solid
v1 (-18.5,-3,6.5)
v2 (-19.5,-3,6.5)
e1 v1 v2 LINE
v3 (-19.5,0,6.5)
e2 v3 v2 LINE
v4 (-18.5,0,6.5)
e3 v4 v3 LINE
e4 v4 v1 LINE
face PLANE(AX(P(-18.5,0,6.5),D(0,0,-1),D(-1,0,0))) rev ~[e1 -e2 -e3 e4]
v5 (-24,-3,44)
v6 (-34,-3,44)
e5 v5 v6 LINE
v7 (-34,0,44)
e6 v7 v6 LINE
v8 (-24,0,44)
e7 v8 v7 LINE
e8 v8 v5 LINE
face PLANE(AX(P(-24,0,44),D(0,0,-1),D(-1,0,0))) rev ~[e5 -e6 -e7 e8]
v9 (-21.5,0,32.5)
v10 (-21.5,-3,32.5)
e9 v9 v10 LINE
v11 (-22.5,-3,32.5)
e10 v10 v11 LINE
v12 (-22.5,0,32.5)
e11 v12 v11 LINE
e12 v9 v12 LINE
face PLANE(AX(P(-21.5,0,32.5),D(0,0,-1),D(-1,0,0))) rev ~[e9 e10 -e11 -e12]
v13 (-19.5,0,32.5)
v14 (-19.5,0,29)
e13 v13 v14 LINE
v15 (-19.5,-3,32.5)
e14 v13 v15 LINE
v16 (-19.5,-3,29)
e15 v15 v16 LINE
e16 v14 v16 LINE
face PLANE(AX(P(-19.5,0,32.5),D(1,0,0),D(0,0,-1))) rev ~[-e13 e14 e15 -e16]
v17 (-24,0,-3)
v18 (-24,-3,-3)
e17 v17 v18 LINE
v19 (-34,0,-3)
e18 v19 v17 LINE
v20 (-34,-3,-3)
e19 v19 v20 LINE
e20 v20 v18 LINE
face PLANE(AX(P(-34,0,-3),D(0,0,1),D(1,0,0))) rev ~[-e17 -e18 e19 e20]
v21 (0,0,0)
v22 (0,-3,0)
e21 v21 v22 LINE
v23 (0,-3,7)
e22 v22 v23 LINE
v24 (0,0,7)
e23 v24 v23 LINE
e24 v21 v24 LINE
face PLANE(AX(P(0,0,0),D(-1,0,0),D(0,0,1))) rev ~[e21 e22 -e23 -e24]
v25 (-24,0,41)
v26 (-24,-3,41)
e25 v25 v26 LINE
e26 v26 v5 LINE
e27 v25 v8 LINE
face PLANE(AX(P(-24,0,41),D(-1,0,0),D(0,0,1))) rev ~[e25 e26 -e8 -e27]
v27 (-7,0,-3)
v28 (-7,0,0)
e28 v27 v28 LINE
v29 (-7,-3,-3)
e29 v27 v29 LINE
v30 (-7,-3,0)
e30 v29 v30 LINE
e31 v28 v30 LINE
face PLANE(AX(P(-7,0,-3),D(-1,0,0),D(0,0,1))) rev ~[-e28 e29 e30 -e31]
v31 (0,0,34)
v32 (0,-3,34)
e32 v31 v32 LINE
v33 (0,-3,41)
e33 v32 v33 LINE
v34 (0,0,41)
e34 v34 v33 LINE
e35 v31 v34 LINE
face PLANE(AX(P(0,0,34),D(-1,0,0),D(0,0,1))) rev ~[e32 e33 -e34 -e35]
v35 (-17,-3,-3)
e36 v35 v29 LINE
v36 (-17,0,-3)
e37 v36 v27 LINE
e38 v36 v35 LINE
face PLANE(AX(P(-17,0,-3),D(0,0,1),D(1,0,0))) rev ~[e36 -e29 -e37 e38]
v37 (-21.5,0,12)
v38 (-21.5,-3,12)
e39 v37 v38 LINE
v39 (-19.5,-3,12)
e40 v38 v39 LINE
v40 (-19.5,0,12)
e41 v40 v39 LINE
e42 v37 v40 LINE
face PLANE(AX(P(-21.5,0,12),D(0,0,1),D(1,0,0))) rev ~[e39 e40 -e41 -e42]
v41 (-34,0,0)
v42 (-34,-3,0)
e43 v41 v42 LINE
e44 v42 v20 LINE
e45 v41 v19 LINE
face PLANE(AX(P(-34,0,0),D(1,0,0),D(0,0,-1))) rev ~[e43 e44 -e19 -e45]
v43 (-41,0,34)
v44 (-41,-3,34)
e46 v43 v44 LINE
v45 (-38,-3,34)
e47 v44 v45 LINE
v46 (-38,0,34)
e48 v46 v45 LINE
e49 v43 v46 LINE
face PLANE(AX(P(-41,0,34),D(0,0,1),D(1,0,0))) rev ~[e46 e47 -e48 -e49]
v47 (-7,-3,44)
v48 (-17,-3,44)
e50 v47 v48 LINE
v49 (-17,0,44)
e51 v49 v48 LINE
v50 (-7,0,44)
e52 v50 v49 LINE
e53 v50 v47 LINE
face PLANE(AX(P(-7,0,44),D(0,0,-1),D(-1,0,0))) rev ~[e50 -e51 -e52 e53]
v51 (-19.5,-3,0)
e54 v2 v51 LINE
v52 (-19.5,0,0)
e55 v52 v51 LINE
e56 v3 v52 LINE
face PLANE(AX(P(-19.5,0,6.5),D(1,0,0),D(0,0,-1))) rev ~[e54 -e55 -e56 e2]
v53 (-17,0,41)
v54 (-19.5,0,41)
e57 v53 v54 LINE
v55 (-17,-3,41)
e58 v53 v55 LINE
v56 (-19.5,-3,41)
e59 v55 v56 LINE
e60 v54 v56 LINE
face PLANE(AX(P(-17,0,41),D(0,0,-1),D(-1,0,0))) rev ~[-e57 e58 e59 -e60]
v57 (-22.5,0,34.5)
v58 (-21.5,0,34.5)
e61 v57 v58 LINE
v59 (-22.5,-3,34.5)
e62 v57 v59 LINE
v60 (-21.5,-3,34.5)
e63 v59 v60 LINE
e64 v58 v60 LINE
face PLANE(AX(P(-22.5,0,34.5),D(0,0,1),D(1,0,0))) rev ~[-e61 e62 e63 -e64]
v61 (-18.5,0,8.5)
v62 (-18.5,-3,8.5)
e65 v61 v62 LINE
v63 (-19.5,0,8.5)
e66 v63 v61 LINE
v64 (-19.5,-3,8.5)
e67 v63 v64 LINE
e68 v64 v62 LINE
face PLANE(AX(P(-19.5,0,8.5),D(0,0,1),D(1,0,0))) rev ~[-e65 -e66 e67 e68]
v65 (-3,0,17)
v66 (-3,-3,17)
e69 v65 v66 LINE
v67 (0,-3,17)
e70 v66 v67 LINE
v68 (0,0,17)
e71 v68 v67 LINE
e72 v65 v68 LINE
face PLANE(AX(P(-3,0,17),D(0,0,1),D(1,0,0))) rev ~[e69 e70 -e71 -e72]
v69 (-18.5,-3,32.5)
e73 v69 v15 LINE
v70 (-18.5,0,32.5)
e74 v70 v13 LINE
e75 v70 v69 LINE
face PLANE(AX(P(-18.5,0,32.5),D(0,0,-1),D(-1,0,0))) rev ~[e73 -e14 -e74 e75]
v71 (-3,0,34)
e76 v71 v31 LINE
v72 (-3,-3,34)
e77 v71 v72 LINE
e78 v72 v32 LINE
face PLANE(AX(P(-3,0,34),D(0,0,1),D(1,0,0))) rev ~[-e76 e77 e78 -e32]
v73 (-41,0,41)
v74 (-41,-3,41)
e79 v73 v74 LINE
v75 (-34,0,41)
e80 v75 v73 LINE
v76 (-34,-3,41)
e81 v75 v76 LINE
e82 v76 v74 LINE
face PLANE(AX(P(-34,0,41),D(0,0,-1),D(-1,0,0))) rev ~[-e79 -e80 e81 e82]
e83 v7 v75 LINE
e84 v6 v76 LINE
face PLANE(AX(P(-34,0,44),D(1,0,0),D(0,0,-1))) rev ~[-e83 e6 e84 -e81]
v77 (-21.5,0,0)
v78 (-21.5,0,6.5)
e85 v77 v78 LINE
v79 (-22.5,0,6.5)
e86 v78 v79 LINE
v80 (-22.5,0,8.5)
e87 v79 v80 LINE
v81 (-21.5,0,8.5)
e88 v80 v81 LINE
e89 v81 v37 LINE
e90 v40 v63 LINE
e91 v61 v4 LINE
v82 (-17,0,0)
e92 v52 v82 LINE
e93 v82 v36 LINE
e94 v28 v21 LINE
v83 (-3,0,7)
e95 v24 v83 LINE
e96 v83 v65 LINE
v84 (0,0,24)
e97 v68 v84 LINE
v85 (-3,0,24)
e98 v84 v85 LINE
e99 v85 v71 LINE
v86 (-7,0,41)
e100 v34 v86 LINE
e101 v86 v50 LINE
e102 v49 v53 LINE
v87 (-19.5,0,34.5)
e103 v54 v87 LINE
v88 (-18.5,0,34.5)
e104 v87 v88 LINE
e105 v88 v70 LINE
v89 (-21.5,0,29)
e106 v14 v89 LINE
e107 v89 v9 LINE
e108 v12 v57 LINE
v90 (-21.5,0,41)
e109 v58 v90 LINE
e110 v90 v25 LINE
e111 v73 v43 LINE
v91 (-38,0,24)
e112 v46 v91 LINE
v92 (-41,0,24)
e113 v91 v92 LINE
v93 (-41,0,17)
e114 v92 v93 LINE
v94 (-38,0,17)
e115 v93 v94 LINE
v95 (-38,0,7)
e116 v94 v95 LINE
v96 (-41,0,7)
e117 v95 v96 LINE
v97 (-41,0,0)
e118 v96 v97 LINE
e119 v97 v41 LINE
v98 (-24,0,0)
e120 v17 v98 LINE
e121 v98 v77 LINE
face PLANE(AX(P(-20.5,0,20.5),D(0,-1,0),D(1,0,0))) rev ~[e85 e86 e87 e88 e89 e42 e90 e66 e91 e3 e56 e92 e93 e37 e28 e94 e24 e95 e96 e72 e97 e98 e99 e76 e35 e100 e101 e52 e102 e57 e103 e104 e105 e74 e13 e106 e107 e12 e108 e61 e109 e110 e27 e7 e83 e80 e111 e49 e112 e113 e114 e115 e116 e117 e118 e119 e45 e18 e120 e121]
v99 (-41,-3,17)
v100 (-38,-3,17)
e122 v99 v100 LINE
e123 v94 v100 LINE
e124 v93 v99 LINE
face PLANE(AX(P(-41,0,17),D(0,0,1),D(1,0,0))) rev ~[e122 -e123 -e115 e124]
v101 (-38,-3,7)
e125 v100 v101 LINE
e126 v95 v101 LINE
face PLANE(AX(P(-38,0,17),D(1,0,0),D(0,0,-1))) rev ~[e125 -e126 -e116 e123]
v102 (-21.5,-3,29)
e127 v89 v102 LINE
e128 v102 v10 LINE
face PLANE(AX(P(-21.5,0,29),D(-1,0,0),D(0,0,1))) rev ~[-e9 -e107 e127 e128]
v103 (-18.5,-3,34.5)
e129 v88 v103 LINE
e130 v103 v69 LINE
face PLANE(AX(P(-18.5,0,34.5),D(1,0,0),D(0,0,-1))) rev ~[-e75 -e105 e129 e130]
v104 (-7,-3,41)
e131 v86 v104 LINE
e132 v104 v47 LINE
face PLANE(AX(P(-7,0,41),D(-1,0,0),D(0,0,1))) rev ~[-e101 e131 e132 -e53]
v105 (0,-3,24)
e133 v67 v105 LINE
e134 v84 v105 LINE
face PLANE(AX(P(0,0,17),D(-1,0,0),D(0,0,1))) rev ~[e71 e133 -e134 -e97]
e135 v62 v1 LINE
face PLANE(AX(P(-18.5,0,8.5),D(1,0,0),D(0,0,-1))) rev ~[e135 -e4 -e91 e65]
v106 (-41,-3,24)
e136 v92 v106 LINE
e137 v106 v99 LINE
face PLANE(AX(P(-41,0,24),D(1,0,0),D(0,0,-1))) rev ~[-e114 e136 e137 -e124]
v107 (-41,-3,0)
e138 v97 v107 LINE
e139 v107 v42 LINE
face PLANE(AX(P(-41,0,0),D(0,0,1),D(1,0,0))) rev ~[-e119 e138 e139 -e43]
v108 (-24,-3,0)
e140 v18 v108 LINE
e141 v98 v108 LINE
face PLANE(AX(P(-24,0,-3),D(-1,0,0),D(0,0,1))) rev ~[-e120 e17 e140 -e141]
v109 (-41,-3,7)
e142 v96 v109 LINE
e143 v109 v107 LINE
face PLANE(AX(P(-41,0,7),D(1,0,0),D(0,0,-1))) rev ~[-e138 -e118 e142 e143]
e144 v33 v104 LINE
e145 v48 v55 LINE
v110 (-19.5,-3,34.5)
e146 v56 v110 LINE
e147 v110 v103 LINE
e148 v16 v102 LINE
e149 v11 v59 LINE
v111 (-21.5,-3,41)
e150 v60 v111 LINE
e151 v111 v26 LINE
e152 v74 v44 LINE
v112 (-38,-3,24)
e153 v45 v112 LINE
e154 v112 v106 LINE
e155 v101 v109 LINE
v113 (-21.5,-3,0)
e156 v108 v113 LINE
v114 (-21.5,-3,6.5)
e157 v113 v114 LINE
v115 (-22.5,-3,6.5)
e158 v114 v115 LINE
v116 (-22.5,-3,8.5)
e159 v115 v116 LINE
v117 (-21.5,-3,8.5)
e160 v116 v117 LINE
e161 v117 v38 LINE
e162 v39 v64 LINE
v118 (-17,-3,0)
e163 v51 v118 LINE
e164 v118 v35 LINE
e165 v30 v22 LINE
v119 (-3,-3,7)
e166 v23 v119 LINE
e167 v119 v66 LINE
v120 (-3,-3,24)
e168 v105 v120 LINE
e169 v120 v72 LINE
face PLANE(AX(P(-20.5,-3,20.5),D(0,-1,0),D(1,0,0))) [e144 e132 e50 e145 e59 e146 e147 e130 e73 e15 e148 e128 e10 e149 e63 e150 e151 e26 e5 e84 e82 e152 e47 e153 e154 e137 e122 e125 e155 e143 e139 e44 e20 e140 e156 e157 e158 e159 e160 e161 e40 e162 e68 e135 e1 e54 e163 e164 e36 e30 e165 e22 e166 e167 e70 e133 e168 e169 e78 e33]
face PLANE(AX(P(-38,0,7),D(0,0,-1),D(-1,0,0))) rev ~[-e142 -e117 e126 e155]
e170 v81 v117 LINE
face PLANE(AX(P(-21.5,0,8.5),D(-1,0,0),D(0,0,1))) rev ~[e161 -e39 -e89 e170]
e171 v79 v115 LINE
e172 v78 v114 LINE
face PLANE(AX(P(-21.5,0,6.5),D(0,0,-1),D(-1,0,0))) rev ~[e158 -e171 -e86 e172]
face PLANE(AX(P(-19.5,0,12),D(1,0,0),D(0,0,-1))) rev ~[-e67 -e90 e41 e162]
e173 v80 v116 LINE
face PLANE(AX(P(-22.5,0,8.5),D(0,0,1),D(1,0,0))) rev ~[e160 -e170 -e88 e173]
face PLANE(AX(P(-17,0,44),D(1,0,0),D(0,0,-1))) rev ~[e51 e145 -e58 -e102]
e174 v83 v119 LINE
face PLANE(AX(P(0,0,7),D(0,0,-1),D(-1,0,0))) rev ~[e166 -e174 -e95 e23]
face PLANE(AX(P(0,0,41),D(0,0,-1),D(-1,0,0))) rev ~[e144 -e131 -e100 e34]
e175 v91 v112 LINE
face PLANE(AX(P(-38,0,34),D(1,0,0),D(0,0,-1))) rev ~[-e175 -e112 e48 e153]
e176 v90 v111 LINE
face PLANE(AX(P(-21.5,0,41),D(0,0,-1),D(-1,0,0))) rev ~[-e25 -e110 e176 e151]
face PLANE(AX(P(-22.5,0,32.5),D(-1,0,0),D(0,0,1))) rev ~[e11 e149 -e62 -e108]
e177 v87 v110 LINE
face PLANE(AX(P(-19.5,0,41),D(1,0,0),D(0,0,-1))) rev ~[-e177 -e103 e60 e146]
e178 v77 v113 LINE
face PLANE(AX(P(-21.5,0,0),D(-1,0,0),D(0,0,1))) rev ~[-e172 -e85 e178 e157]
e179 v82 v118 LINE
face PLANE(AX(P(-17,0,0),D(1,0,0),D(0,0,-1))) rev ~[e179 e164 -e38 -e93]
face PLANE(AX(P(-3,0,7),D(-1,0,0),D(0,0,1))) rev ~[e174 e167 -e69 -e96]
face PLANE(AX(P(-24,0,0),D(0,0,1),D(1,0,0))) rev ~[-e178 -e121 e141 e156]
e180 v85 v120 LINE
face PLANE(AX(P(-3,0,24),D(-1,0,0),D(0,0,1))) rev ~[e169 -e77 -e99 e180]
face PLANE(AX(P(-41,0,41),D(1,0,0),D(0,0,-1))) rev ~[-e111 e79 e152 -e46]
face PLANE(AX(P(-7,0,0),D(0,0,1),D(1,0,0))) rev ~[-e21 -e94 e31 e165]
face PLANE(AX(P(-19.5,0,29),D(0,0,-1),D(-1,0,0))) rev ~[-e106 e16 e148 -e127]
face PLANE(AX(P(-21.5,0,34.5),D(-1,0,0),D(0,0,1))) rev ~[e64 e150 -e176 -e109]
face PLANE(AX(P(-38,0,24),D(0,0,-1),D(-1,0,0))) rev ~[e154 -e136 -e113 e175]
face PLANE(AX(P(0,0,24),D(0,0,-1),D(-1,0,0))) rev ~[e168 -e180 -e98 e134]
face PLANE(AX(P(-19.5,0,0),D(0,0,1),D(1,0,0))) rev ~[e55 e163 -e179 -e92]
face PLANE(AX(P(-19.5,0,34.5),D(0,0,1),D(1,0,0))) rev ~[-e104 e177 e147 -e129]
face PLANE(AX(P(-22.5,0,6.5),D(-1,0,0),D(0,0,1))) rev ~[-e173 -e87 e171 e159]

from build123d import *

# Parameters (mm, degrees)
F1_DEPTH = 3


with BuildPart() as f1:
    # F0 (on Front) → F1 (new body)
    with BuildSketch(Plane.XZ):
        Polygon((-7, 0), (0, 0), (0, 7), (-3, 7), (-3, 17), (0, 17), (0, 24), (-3, 24), (-3, 34), (0, 34), (0, 41), (-7, 41), (-7, 44), (-17, 44), (-17, 41), (-19.5, 41), (-19.5, 34.5), (-18.5, 34.5), (-18.5, 32.5), (-19.5, 32.5), (-19.5, 29), (-20.5, 29), (-21.5, 29), (-21.5, 32.5), (-22.5, 32.5), (-22.5, 34.5), (-21.5, 34.5), (-21.5, 41), (-24, 41), (-24, 44), (-34, 44), (-34, 41), (-41, 41), (-41, 34), (-38, 34), (-38, 24), (-41, 24), (-41, 17), (-38, 17), (-38, 7), (-41, 7), (-41, 0), (-34, 0), (-34, -3), (-24, -3), (-24, 0), (-21.5, 0), (-21.5, 6.5), (-22.5, 6.5), (-22.5, 8.5), (-21.5, 8.5), (-21.5, 12), (-20.5, 12), (-19.5, 12), (-19.5, 8.5), (-18.5, 8.5), (-18.5, 6.5), (-19.5, 6.5), (-19.5, 0), (-17, 0), (-17, -3), (-7, -3), align=None)
    extrude(amount=F1_DEPTH)


solid = f1.part
